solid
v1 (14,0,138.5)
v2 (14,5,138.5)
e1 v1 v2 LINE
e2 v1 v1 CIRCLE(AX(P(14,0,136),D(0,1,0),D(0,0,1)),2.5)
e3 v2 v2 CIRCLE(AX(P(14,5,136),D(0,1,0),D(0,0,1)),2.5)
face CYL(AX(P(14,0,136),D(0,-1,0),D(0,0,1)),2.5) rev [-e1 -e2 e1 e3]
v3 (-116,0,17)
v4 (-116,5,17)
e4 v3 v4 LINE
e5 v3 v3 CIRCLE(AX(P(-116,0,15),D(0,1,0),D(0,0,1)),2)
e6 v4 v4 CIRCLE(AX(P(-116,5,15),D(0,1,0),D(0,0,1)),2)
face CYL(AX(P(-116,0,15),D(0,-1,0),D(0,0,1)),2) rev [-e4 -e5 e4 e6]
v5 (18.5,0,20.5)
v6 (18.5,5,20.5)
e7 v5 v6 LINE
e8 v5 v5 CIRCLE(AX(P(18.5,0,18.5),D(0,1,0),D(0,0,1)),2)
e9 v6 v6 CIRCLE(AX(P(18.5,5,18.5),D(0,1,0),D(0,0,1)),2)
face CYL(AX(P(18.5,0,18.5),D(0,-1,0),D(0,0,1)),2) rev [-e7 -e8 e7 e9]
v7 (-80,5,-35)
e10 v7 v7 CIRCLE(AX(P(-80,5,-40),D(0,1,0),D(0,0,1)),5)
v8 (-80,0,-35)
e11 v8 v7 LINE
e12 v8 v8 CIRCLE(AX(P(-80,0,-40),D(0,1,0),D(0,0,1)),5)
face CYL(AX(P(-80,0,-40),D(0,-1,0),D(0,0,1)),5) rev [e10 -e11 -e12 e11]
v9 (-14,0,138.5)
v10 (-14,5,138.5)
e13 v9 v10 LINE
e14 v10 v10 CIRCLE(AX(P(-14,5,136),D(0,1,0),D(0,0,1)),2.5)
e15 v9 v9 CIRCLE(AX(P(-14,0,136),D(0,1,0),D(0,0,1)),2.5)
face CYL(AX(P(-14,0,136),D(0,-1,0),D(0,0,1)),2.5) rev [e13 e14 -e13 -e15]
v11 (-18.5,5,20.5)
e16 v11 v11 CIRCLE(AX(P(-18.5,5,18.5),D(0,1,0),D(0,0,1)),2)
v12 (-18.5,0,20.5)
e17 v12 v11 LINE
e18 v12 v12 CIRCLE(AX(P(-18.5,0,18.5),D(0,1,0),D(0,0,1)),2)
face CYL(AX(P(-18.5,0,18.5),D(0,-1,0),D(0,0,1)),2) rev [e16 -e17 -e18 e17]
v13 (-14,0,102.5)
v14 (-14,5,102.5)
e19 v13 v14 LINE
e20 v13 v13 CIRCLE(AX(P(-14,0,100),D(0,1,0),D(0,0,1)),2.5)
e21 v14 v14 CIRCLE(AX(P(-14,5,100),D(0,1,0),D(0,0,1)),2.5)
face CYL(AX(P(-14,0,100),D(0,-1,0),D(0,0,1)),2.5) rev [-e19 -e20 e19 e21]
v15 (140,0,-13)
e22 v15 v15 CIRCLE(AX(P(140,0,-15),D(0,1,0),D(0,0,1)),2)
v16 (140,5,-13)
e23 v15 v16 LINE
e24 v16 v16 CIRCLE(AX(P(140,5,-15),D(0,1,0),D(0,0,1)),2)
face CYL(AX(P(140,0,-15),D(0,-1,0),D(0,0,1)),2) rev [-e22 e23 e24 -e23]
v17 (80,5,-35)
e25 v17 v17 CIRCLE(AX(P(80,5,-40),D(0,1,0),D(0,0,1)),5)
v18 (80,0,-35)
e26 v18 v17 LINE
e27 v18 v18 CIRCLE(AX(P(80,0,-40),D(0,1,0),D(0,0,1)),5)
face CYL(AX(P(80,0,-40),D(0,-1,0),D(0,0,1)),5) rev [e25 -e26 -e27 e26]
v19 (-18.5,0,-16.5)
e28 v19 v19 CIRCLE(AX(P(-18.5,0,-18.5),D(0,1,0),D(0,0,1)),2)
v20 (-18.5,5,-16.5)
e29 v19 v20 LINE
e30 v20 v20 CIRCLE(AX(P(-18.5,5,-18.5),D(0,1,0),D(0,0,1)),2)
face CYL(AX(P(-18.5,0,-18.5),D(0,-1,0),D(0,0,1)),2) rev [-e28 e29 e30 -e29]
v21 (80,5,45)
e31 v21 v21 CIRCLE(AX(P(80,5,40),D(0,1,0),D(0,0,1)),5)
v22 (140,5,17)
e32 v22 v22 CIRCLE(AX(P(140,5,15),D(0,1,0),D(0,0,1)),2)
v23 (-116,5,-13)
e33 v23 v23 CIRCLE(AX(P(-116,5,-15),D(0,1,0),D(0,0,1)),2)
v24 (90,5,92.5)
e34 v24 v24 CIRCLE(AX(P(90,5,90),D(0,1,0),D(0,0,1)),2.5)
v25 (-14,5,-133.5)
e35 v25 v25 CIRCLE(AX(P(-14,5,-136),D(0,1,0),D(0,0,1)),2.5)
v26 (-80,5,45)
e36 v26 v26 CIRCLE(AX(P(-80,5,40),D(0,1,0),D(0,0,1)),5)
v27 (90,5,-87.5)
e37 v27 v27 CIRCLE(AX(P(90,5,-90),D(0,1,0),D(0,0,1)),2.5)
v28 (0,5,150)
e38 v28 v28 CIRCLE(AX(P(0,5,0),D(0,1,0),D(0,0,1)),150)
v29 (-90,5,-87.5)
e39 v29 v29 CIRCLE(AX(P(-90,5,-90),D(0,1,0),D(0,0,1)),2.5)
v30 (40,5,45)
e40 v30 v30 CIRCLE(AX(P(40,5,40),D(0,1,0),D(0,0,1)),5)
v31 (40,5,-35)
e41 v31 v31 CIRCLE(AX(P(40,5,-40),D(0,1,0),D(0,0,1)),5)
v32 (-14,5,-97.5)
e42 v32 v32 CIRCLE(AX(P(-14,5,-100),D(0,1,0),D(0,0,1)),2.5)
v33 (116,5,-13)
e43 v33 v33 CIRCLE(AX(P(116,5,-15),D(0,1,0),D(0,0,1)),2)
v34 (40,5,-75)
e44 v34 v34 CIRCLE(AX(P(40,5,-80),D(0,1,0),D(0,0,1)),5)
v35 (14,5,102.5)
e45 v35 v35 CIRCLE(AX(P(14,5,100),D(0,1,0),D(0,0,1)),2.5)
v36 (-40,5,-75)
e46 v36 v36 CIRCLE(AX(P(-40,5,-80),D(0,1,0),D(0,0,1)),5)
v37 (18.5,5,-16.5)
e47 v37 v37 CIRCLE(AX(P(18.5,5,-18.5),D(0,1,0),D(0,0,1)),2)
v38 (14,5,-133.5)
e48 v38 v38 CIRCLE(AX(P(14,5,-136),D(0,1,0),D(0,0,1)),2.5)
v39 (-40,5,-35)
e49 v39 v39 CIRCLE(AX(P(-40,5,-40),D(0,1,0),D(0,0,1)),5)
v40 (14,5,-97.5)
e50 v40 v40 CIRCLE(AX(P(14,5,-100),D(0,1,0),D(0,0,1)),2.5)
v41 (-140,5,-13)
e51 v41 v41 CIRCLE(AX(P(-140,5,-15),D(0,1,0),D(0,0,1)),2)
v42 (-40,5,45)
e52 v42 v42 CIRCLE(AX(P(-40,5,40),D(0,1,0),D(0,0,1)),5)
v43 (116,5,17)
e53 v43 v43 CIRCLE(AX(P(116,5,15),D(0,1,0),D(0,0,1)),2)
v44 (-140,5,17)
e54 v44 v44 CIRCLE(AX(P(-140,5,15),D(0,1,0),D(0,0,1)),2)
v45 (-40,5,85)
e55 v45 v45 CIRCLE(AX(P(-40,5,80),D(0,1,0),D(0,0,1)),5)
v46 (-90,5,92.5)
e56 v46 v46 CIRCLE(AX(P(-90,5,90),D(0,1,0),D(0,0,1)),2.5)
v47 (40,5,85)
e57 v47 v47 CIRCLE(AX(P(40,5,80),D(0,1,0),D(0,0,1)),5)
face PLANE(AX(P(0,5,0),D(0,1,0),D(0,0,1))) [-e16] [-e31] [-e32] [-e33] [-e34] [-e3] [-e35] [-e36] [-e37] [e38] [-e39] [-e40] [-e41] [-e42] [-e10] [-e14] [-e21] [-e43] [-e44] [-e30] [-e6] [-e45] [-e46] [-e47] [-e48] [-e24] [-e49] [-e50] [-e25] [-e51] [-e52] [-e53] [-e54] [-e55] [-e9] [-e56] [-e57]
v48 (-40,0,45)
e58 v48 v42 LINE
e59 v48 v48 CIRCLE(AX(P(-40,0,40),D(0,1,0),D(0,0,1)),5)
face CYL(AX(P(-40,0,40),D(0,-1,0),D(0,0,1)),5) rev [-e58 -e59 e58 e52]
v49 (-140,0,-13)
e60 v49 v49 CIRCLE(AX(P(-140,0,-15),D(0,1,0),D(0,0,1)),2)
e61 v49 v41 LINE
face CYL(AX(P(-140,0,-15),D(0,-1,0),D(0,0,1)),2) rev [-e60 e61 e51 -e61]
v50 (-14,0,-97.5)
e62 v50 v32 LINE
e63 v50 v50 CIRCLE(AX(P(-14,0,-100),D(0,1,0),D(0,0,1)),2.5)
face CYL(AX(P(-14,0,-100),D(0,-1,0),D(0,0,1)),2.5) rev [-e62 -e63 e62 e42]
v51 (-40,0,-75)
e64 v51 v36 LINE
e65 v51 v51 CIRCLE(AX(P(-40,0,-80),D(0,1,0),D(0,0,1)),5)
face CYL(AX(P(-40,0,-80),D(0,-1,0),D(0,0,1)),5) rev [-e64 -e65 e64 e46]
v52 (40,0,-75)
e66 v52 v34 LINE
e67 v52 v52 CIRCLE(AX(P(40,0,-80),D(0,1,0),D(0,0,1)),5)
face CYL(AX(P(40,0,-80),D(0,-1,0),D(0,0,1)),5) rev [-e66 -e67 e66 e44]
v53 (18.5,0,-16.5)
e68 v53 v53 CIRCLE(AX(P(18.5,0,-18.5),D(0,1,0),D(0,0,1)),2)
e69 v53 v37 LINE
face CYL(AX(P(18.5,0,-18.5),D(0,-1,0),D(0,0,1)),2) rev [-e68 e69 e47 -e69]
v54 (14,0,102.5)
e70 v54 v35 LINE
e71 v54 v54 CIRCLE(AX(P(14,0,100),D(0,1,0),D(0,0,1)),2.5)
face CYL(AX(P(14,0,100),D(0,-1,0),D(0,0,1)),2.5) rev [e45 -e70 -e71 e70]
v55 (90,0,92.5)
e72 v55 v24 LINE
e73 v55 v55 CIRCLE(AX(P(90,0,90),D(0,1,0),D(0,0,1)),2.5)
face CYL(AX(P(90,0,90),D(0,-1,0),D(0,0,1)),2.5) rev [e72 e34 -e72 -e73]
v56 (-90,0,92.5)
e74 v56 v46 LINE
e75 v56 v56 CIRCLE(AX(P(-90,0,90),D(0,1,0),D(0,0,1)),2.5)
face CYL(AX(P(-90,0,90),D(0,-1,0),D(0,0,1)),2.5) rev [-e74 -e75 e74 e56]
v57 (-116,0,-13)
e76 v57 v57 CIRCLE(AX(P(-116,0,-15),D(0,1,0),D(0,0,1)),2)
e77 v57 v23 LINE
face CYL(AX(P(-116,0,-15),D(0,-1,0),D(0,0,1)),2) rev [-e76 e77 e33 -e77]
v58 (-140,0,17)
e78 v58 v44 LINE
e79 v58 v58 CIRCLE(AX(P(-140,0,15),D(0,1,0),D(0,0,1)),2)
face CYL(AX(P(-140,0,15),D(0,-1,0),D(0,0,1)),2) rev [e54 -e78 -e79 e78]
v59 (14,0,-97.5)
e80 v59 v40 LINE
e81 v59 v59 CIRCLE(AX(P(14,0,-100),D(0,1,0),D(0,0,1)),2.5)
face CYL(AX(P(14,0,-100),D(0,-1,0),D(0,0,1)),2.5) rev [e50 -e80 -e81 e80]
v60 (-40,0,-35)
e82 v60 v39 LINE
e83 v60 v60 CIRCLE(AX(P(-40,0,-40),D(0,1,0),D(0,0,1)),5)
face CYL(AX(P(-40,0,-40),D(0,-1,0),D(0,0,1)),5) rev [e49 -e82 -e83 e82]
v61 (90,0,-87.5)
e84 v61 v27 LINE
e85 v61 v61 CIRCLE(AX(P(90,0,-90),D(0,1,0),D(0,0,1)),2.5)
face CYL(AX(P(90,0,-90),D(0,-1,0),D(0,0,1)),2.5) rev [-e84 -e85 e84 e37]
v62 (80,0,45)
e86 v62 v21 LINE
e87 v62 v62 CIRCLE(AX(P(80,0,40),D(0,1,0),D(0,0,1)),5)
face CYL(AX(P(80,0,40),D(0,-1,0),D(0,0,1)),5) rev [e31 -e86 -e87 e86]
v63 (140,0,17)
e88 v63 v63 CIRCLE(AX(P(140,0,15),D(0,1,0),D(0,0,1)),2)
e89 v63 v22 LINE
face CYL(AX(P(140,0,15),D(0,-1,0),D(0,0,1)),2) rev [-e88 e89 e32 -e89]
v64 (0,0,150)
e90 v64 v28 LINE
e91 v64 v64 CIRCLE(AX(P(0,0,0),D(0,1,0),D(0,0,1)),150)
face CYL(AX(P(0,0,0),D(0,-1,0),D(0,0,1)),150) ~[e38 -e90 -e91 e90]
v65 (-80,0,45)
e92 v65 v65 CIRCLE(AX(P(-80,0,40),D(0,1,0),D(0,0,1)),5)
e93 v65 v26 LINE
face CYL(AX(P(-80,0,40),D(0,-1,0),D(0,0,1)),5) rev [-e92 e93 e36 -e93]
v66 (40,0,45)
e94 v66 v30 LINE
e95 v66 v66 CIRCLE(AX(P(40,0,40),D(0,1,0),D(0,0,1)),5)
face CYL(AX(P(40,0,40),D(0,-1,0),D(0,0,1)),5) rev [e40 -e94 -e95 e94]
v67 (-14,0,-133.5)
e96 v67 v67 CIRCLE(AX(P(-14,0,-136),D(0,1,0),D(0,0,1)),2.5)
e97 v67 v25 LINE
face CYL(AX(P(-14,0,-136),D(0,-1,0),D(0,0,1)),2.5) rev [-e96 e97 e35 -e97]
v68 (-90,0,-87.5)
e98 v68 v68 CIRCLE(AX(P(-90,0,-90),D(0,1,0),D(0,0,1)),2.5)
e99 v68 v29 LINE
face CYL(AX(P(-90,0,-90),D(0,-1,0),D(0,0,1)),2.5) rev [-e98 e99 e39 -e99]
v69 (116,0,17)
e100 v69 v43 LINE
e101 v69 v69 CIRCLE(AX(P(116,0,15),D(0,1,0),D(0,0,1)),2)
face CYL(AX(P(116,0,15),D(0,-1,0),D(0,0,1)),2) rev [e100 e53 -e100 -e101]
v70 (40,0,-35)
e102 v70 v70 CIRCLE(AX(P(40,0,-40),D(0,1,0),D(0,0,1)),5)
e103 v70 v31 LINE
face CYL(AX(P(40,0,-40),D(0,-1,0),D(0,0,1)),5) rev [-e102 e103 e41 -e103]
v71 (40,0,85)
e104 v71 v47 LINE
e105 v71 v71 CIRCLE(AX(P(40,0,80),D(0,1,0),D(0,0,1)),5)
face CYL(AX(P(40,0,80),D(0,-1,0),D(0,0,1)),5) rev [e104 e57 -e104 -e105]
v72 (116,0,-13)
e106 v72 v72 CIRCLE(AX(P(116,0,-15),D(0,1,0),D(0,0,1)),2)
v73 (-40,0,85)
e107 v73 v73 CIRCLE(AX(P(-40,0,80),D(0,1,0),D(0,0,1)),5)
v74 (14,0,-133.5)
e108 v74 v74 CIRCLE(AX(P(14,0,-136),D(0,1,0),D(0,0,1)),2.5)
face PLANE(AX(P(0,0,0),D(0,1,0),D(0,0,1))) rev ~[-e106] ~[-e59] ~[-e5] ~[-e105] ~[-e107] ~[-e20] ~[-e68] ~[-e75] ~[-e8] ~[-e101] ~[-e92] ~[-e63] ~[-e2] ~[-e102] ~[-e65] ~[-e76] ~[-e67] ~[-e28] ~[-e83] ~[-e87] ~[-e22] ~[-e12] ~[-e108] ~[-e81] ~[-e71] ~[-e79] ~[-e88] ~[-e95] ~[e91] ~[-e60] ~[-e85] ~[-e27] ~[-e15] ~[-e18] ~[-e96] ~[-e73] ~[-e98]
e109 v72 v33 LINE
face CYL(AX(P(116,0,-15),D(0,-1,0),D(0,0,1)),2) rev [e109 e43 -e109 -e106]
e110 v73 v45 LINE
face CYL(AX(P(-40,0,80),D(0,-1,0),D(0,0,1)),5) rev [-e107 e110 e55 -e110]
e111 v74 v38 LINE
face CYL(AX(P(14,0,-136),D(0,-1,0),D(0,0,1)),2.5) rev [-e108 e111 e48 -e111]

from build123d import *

# Parameters (mm, degrees)
SKETCH_3_R      = 150
SKETCH_3_R_2    = 2
SKETCH_3_R_3    = 2.5
SKETCH_3_R_4    = 5
EXTRUDE_2_DEPTH = 5


with BuildPart() as part:
    # 草图3 → 凸台-拉伸2 (new body)
    with BuildSketch(Plane(origin=(0, 0, 0), x_dir=(1, 0, 0), z_dir=(0, 1, 0))):
        with Locations(Location((0, 0, 0), (0, 0, 270))):
            Circle(SKETCH_3_R)
        with Locations(Location((116, 15, 0), (0, 0, 270))):
            Circle(SKETCH_3_R_2, mode=Mode.SUBTRACT)
        with Locations(Location((140, 15, 0), (0, 0, 270))):
            Circle(SKETCH_3_R_2, mode=Mode.SUBTRACT)
        with Locations(Location((116, -15, 0), (0, 0, 270))):
            Circle(SKETCH_3_R_2, mode=Mode.SUBTRACT)
        with Locations(Location((140, -15, 0), (0, 0, 270))):
            Circle(SKETCH_3_R_2, mode=Mode.SUBTRACT)
        with Locations(Location((-140, -15, 0), (0, 0, 270))):
            Circle(SKETCH_3_R_2, mode=Mode.SUBTRACT)
        with Locations(Location((-140, 15, 0), (0, 0, 270))):
            Circle(SKETCH_3_R_2, mode=Mode.SUBTRACT)
        with Locations(Location((-116, 15, 0), (0, 0, 270))):
            Circle(SKETCH_3_R_2, mode=Mode.SUBTRACT)
        with Locations(Location((-116, -15, 0), (0, 0, 270))):
            Circle(SKETCH_3_R_2, mode=Mode.SUBTRACT)
        with Locations(Location((14, 100, 0), (0, 0, 270))):
            Circle(SKETCH_3_R_3, mode=Mode.SUBTRACT)
        with Locations(Location((-14, 100, 0), (0, 0, 270))):
            Circle(SKETCH_3_R_3, mode=Mode.SUBTRACT)
        with Locations(Location((14, 136, 0), (0, 0, 270))):
            Circle(SKETCH_3_R_3, mode=Mode.SUBTRACT)
        with Locations(Location((-14, 136, 0), (0, 0, 270))):
            Circle(SKETCH_3_R_3, mode=Mode.SUBTRACT)
        with Locations(Location((14, -100, 0), (0, 0, 270))):
            Circle(SKETCH_3_R_3, mode=Mode.SUBTRACT)
        with Locations(Location((14, -136, 0), (0, 0, 270))):
            Circle(SKETCH_3_R_3, mode=Mode.SUBTRACT)
        with Locations(Location((-14, -100, 0), (0, 0, 270))):
            Circle(SKETCH_3_R_3, mode=Mode.SUBTRACT)
        with Locations(Location((-14, -136, 0), (0, 0, 270))):
            Circle(SKETCH_3_R_3, mode=Mode.SUBTRACT)
        with Locations(Location((18.5, 18.5, 0), (0, 0, 270))):
            Circle(SKETCH_3_R_2, mode=Mode.SUBTRACT)
        with Locations(Location((-18.5, 18.5, 0), (0, 0, 270))):
            Circle(SKETCH_3_R_2, mode=Mode.SUBTRACT)
        with Locations(Location((-18.5, -18.5, 0), (0, 0, 270))):
            Circle(SKETCH_3_R_2, mode=Mode.SUBTRACT)
        with Locations(Location((18.5, -18.5, 0), (0, 0, 270))):
            Circle(SKETCH_3_R_2, mode=Mode.SUBTRACT)
        with Locations(Location((90, -90, 0), (0, 0, 270))):
            Circle(SKETCH_3_R_3, mode=Mode.SUBTRACT)
        with Locations(Location((90, 90, 0), (0, 0, 270))):
            Circle(SKETCH_3_R_3, mode=Mode.SUBTRACT)
        with Locations(Location((-90, 90, 0), (0, 0, 270))):
            Circle(SKETCH_3_R_3, mode=Mode.SUBTRACT)
        with Locations(Location((-90, -90, 0), (0, 0, 270))):
            Circle(SKETCH_3_R_3, mode=Mode.SUBTRACT)
        with Locations(Location((40, 40, 0), (0, 0, 270))):
            Circle(SKETCH_3_R_4, mode=Mode.SUBTRACT)
        with Locations(Location((40, -40, 0), (0, 0, 270))):
            Circle(SKETCH_3_R_4, mode=Mode.SUBTRACT)
        with Locations(Location((-40, 40, 0), (0, 0, 270))):
            Circle(SKETCH_3_R_4, mode=Mode.SUBTRACT)
        with Locations(Location((-40, -40, 0), (0, 0, 270))):
            Circle(SKETCH_3_R_4, mode=Mode.SUBTRACT)
        with Locations(Location((80, 40, 0), (0, 0, 270))):
            Circle(SKETCH_3_R_4, mode=Mode.SUBTRACT)
        with Locations(Location((80, -40, 0), (0, 0, 270))):
            Circle(SKETCH_3_R_4, mode=Mode.SUBTRACT)
        with Locations(Location((40, 80, 0), (0, 0, 270))):
            Circle(SKETCH_3_R_4, mode=Mode.SUBTRACT)
        with Locations(Location((-40, 80, 0), (0, 0, 270))):
            Circle(SKETCH_3_R_4, mode=Mode.SUBTRACT)
        with Locations(Location((-80, 40, 0), (0, 0, 270))):
            Circle(SKETCH_3_R_4, mode=Mode.SUBTRACT)
        with Locations(Location((-80, -40, 0), (0, 0, 270))):
            Circle(SKETCH_3_R_4, mode=Mode.SUBTRACT)
        with Locations(Location((-40, -80, 0), (0, 0, 270))):
            Circle(SKETCH_3_R_4, mode=Mode.SUBTRACT)
        with Locations(Location((40, -80, 0), (0, 0, 270))):
            Circle(SKETCH_3_R_4, mode=Mode.SUBTRACT)
    extrude(amount=EXTRUDE_2_DEPTH)


solid = part.part
